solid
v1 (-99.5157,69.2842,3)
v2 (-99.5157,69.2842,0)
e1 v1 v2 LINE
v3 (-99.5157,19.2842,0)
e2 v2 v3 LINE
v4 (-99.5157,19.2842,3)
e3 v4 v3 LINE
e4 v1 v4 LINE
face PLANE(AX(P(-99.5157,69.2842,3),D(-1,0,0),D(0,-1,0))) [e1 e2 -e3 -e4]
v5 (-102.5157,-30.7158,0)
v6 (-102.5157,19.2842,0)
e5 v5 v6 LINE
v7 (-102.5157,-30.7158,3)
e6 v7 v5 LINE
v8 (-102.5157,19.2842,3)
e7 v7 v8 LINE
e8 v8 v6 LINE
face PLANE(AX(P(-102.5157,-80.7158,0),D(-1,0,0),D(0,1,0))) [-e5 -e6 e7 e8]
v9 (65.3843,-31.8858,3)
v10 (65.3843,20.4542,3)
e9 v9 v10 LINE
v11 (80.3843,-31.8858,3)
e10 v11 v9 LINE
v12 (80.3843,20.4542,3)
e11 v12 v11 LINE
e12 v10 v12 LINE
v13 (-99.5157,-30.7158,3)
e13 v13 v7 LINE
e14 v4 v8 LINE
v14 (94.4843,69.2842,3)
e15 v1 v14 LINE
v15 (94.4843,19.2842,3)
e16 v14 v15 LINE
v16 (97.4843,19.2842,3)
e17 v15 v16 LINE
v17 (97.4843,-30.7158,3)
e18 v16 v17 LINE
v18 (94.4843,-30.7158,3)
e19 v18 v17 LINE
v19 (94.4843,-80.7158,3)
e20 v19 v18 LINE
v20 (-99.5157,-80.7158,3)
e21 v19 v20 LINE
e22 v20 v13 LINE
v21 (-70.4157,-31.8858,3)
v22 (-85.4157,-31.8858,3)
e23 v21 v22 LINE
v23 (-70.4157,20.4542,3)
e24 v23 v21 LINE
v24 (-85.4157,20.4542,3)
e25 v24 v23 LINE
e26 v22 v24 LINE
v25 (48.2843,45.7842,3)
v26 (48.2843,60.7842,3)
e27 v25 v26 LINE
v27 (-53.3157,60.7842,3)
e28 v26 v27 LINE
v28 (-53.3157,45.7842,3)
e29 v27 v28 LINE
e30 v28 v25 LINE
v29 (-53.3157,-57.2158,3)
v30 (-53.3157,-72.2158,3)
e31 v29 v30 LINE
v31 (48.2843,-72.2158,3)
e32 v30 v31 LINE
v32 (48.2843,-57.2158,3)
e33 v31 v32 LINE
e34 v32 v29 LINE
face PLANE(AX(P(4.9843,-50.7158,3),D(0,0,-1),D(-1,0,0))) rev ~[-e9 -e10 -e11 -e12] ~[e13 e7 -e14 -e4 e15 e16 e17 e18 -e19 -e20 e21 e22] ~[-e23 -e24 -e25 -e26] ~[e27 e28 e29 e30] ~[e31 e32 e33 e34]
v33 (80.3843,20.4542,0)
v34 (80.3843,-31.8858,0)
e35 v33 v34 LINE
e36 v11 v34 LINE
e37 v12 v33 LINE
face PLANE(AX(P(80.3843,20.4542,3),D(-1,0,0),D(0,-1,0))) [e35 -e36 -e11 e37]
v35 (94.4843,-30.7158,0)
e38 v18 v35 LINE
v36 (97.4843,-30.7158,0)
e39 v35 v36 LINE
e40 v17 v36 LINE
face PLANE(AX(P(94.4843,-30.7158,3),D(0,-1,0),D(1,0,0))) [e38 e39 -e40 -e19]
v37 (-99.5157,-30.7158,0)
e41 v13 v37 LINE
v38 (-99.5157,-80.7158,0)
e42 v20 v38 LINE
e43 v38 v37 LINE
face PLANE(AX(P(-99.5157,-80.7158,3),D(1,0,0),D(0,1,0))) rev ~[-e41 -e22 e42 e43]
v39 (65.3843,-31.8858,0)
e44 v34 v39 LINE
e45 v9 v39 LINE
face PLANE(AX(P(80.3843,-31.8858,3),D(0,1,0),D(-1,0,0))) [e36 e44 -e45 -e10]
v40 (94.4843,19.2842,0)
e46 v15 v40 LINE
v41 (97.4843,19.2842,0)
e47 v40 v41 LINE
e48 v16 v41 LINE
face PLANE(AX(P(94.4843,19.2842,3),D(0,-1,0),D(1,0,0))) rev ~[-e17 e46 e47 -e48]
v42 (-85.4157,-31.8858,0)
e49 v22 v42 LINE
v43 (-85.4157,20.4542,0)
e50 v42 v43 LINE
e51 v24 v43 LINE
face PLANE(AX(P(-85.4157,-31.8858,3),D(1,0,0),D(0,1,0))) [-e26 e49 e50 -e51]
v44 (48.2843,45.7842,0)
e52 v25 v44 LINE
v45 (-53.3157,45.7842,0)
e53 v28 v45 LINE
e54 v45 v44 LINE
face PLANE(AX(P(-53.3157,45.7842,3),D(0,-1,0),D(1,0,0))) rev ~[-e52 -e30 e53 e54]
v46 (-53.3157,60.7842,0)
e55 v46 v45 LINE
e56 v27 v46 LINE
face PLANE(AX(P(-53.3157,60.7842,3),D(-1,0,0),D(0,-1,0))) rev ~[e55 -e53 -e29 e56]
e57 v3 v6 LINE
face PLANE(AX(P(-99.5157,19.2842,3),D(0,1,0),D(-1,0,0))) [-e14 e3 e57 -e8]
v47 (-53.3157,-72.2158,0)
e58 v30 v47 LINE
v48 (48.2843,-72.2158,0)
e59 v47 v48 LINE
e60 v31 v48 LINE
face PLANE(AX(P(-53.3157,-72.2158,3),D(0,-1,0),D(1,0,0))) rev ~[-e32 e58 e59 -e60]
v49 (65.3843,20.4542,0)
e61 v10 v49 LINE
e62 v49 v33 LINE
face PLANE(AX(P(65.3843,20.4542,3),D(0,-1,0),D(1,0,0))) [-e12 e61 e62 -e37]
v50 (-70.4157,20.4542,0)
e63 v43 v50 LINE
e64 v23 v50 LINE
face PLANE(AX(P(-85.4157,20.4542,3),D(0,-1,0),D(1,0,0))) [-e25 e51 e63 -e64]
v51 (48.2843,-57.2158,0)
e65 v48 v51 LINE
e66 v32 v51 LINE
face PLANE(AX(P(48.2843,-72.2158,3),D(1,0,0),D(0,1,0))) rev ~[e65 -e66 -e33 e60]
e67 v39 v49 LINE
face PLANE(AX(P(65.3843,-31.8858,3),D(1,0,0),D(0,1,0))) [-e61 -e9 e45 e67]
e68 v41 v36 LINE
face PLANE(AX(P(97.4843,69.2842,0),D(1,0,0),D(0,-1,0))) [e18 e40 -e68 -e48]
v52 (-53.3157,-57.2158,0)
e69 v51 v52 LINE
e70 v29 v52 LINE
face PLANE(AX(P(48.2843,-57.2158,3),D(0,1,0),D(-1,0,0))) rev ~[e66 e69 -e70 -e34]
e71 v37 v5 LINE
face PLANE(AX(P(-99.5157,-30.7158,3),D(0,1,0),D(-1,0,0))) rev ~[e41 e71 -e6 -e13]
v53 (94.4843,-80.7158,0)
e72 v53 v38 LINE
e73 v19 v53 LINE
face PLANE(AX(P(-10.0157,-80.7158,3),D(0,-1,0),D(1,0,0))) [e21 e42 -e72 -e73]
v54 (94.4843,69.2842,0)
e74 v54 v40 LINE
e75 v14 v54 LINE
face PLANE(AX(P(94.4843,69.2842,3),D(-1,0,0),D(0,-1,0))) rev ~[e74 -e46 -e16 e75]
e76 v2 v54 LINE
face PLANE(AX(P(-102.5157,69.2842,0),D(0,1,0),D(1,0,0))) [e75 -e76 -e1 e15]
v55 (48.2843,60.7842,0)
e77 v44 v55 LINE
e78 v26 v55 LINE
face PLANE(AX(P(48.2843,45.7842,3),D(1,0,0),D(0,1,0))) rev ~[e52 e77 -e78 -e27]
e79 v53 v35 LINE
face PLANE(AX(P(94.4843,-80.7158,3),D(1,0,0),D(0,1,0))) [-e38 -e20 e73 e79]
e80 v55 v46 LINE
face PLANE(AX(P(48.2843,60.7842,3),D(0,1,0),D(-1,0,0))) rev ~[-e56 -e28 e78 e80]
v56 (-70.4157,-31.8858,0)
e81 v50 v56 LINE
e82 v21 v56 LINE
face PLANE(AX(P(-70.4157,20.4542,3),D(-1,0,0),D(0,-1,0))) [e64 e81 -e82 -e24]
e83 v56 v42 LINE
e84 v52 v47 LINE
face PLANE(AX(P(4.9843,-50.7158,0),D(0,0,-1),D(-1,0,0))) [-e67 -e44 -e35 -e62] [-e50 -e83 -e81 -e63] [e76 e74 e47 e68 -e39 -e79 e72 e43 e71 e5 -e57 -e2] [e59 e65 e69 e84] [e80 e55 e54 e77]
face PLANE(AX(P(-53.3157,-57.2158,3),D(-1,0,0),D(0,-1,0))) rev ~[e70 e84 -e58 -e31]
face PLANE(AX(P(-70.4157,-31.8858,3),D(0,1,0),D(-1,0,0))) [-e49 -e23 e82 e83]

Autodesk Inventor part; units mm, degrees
ref_plane "YZ Plane" through (0, 0, 0) normal (1, 0, 0) x (0, 1, 0)
ref_plane "XZ Plane" through (0, 0, 0) normal (0, 1, 0) x (-1, 0, 0)
ref_plane "XY Plane" through (0, 0, 0) normal (0, 0, 1) x (1, 0, 0)
sketch "Sketch1" plane through (0, 0, 0) normal (0, 0, 1) x (1, 0, 0)
  line L0 (-102.5157, 69.2842) -> (97.4843, 69.2842)
  line L1 (97.4843, 69.2842) -> (97.4843, -80.7158)
  line L2 (97.4843, -80.7158) -> (-102.5157, -80.7158)
  line L3 (-102.5157, -80.7158) -> (-102.5157, 69.2842)
  point P0 (0, 0)
extrude "Extrusion1" add sketch "Sketch1" along normal blind 3
sketch "Sketch3" plane through (0, 0, 3) normal (0, 0, 1) x (1, 0, 0)
  point P0 (0, 0)
sketch "Sketch4" plane through (0, 0, 3) normal (0, 0, 1) x (1, 0, 0)
  line L0 (97.4843, 69.2842) -> (-102.5157, 69.2842) projected
  line L1 (-102.5157, 69.2842) -> (-99.5157, 69.2842)
  line L2 (-99.5157, 69.2842) -> (-99.5157, 19.2842)
  line L3 (-99.5157, 19.2842) -> (-102.5157, 19.2842)
  line L4 (-102.5157, 19.2842) -> (-102.5157, 69.2842)
  point P0 (0, 0)
extrude "Extrusion2" cut sketch "Sketch4" against normal blind 3
sketch "Sketch5" plane through (0, 0, 3) normal (0, 0, 1) x (1, 0, 0)
  line L0 (97.4843, -80.7158) -> (94.4843, -80.7158)
  line L1 (94.4843, -80.7158) -> (94.4843, -30.7158)
  line L2 (94.4843, -30.7158) -> (97.4843, -30.7158)
  line L3 (97.4843, -30.7158) -> (97.4843, -80.7158)
  point P0 (0, 0)
  point P1 (-102.5157, -80.7158)
  dimension "d17" = 3
  dimension "d18" = 50
extrude "Extrusion3" cut sketch "Sketch5" against normal blind 3
sketch "Sketch6" plane through (0, 0, 3) normal (0, 0, 1) x (1, 0, 0)
  line L0 (97.4843, -30.7158) -> (97.4843, 69.2842) projected
  line L1 (97.4843, 69.2842) -> (94.4843, 69.2842)
  line L2 (94.4843, 69.2842) -> (94.4843, 19.2842)
  line L3 (94.4843, 19.2842) -> (97.4843, 19.2842)
  line L4 (97.4843, 19.2842) -> (97.4843, 69.2842)
  point P0 (0, 0)
  dimension "d21" = 50
  dimension "d22" = 3
extrude "Extrusion4" cut sketch "Sketch6" against normal blind 3
sketch "Sketch7" plane through (0, 0, 3) normal (0, 0, 1) x (1, 0, 0)
  line L0 (-102.5157, 19.2842) -> (-102.5157, -80.7158) projected
  line L1 (-102.5157, -80.7158) -> (-99.5157, -80.7158)
  line L2 (-99.5157, -80.7158) -> (-99.5157, -30.7158)
  line L3 (-99.5157, -30.7158) -> (-102.5157, -30.7158)
  line L4 (-102.5157, -30.7158) -> (-102.5157, -80.7158)
  point P0 (0, 0)
  dimension "d25" = 50
  dimension "d26" = 3
extrude "Extrusion5" cut sketch "Sketch7" against normal blind 3
sketch "Sketch8" plane through (0, 0, 3) normal (0, 0, 1) x (1, 0, 0)
  line L0 (-102.5157, -30.7158) -> (-102.5157, 19.2842) projected
  line L1 (97.4843, -30.7158) -> (94.4843, -30.7158) projected
  line L2 (94.4843, -80.7158) -> (-99.5157, -80.7158) projected
  line L3 (-10.0157, -50.7158) -> (4.9843, -50.7158)
  line L4 (4.9843, -50.7158) -> (4.9843, -80.7158)
  line L5 (4.9843, -80.7158) -> (-10.0157, -80.7158)
  line L6 (-10.0157, -80.7158) -> (-10.0157, -50.7158)
  point P0 (0, 0)
  dimension "d32" = 15
  dimension "d33" = 30
extrude "Extrusion6" cut sketch "Sketch8" against normal blind 3
sketch "Sketch9" plane through (-10.0157, -80.7158, 3) normal (1, 0, 0) x (0, 0, -1)
  point P0 (3, 80.7158)
sketch "Sketch10" plane through (-10.0157, -50.7158, 3) normal (0, -1, 0) x (1, 0, 0)
  line L0 (15, 0) -> (15, -3) projected
  line L1 (15, -3) -> (0, -3) projected
  line L2 (15, 0) -> (0, 0)
  line L3 (0, 0) -> (0, -3)
  line L4 (0, -3) -> (15, -3)
  line L5 (15, -3) -> (15, 0)
  point P0 (10.0157, -3)
extrude "Extrusion7" add sketch "Sketch10" along normal blind 30
sketch "Sketch11" plane through (0, 0, 3) normal (0, 0, 1) x (1, 0, 0)
  line L0 (94.4843, -80.7158) -> (-99.5157, -80.7158) projected
  line L1 (-99.5157, -80.7158) -> (-99.5157, -30.7158) projected
  line L2 (97.4843, 19.2842) -> (97.4843, -30.7158) projected
  line L3 (-102.5157, -30.7158) -> (-102.5157, 19.2842) projected
  line L4 (-99.5157, 69.2842) -> (94.4843, 69.2842) projected
  point P0 (0, 0)
sketch "Sketch12" plane through (0, 0, 3) normal (0, 0, 1) x (1, 0, 0)
  circle A0 centre (34.4088, 18.4314) radius 1.5
  circle A1 centre (33.1388, -29.8286) radius 1.5
  circle A2 centre (-41.7912, -29.8286) radius 1.5
  circle A3 centre (-48.1412, 18.4314) radius 1.5
  point P0 (0, 0)
extrude "Extrusion8" cut sketch "Sketch12" against normal blind 3
sketch "Sketch13" plane through (0, 0, 3) normal (0, 0, 1) x (1, 0, 0)
  line L0 (-99.5157, 69.2842) -> (94.4843, 69.2842) projected
  line L1 (-102.5157, -30.7158) -> (-102.5157, 19.2842) projected
  line L2 (94.4843, -80.7158) -> (-99.5157, -80.7158) projected
  line L3 (-85.4157, 20.4542) -> (-70.4157, 20.4542)
  line L4 (-70.4157, 20.4542) -> (-70.4157, -31.8858)
  line L5 (-70.4157, -31.8858) -> (-85.4157, -31.8858)
  line L6 (-85.4157, -31.8858) -> (-85.4157, 20.4542)
  line L7 (-53.3157, 45.7842) -> (48.2843, 45.7842)
  line L8 (48.2843, 45.7842) -> (48.2843, 60.7842)
  line L9 (48.2843, 60.7842) -> (-53.3157, 60.7842)
  line L10 (-53.3157, 60.7842) -> (-53.3157, 45.7842)
  line L11 (65.3843, 20.4542) -> (80.3843, 20.4542)
  line L12 (80.3843, 20.4542) -> (80.3843, -31.8858)
  line L13 (80.3843, -31.8858) -> (65.3843, -31.8858)
  line L14 (65.3843, -31.8858) -> (65.3843, 20.4542)
  line L15 (97.4843, -30.7158) -> (97.4843, 19.2842) projected
  line L16 (94.4843, 69.2842) -> (94.4843, 19.2842) projected
  line L17 (-99.5157, 19.2842) -> (-99.5157, 69.2842) projected
  line L18 (-53.3157, -72.2158) -> (48.2843, -72.2158)
  line L19 (48.2843, -72.2158) -> (48.2843, -57.2158)
  line L20 (48.2843, -57.2158) -> (-53.3157, -57.2158)
  line L21 (-53.3157, -57.2158) -> (-53.3157, -72.2158)
  line L22 (-99.5157, -30.7158) -> (-99.5157, -80.7158) projected
  line L23 (94.4843, -30.7158) -> (94.4843, -80.7158) projected
  point P0 (0, 0)
extrude "Extrusion9" cut sketch "Sketch13" against normal blind 3
sketch "Sketch14" plane through (0, 0, 3) normal (0, 0, 1) x (1, 0, 0)
  circle A0 centre (-48.1412, 18.4314) radius 1.5 projected
  circle A1 centre (-48.1412, 18.4314) radius 1.5
  circle A2 centre (34.4088, 18.4314) radius 1.5 projected
  circle A3 centre (34.4088, 18.4314) radius 1.5
  circle A4 centre (33.1388, -29.8286) radius 1.5 projected
  circle A5 centre (33.1388, -29.8286) radius 1.5
  circle A6 centre (-41.7912, -29.8286) radius 1.5 projected
  circle A7 centre (-41.7912, -29.8286) radius 1.5
  point P0 (0, 0)
extrude "Extrusion10" add sketch "Sketch14" against normal blind 3
sketch "Sketch15" plane through (0, 0, 3) normal (0, 0, 1) x (1, 0, 0)
  point P0 (0, 0)
properties part number "Level2"
